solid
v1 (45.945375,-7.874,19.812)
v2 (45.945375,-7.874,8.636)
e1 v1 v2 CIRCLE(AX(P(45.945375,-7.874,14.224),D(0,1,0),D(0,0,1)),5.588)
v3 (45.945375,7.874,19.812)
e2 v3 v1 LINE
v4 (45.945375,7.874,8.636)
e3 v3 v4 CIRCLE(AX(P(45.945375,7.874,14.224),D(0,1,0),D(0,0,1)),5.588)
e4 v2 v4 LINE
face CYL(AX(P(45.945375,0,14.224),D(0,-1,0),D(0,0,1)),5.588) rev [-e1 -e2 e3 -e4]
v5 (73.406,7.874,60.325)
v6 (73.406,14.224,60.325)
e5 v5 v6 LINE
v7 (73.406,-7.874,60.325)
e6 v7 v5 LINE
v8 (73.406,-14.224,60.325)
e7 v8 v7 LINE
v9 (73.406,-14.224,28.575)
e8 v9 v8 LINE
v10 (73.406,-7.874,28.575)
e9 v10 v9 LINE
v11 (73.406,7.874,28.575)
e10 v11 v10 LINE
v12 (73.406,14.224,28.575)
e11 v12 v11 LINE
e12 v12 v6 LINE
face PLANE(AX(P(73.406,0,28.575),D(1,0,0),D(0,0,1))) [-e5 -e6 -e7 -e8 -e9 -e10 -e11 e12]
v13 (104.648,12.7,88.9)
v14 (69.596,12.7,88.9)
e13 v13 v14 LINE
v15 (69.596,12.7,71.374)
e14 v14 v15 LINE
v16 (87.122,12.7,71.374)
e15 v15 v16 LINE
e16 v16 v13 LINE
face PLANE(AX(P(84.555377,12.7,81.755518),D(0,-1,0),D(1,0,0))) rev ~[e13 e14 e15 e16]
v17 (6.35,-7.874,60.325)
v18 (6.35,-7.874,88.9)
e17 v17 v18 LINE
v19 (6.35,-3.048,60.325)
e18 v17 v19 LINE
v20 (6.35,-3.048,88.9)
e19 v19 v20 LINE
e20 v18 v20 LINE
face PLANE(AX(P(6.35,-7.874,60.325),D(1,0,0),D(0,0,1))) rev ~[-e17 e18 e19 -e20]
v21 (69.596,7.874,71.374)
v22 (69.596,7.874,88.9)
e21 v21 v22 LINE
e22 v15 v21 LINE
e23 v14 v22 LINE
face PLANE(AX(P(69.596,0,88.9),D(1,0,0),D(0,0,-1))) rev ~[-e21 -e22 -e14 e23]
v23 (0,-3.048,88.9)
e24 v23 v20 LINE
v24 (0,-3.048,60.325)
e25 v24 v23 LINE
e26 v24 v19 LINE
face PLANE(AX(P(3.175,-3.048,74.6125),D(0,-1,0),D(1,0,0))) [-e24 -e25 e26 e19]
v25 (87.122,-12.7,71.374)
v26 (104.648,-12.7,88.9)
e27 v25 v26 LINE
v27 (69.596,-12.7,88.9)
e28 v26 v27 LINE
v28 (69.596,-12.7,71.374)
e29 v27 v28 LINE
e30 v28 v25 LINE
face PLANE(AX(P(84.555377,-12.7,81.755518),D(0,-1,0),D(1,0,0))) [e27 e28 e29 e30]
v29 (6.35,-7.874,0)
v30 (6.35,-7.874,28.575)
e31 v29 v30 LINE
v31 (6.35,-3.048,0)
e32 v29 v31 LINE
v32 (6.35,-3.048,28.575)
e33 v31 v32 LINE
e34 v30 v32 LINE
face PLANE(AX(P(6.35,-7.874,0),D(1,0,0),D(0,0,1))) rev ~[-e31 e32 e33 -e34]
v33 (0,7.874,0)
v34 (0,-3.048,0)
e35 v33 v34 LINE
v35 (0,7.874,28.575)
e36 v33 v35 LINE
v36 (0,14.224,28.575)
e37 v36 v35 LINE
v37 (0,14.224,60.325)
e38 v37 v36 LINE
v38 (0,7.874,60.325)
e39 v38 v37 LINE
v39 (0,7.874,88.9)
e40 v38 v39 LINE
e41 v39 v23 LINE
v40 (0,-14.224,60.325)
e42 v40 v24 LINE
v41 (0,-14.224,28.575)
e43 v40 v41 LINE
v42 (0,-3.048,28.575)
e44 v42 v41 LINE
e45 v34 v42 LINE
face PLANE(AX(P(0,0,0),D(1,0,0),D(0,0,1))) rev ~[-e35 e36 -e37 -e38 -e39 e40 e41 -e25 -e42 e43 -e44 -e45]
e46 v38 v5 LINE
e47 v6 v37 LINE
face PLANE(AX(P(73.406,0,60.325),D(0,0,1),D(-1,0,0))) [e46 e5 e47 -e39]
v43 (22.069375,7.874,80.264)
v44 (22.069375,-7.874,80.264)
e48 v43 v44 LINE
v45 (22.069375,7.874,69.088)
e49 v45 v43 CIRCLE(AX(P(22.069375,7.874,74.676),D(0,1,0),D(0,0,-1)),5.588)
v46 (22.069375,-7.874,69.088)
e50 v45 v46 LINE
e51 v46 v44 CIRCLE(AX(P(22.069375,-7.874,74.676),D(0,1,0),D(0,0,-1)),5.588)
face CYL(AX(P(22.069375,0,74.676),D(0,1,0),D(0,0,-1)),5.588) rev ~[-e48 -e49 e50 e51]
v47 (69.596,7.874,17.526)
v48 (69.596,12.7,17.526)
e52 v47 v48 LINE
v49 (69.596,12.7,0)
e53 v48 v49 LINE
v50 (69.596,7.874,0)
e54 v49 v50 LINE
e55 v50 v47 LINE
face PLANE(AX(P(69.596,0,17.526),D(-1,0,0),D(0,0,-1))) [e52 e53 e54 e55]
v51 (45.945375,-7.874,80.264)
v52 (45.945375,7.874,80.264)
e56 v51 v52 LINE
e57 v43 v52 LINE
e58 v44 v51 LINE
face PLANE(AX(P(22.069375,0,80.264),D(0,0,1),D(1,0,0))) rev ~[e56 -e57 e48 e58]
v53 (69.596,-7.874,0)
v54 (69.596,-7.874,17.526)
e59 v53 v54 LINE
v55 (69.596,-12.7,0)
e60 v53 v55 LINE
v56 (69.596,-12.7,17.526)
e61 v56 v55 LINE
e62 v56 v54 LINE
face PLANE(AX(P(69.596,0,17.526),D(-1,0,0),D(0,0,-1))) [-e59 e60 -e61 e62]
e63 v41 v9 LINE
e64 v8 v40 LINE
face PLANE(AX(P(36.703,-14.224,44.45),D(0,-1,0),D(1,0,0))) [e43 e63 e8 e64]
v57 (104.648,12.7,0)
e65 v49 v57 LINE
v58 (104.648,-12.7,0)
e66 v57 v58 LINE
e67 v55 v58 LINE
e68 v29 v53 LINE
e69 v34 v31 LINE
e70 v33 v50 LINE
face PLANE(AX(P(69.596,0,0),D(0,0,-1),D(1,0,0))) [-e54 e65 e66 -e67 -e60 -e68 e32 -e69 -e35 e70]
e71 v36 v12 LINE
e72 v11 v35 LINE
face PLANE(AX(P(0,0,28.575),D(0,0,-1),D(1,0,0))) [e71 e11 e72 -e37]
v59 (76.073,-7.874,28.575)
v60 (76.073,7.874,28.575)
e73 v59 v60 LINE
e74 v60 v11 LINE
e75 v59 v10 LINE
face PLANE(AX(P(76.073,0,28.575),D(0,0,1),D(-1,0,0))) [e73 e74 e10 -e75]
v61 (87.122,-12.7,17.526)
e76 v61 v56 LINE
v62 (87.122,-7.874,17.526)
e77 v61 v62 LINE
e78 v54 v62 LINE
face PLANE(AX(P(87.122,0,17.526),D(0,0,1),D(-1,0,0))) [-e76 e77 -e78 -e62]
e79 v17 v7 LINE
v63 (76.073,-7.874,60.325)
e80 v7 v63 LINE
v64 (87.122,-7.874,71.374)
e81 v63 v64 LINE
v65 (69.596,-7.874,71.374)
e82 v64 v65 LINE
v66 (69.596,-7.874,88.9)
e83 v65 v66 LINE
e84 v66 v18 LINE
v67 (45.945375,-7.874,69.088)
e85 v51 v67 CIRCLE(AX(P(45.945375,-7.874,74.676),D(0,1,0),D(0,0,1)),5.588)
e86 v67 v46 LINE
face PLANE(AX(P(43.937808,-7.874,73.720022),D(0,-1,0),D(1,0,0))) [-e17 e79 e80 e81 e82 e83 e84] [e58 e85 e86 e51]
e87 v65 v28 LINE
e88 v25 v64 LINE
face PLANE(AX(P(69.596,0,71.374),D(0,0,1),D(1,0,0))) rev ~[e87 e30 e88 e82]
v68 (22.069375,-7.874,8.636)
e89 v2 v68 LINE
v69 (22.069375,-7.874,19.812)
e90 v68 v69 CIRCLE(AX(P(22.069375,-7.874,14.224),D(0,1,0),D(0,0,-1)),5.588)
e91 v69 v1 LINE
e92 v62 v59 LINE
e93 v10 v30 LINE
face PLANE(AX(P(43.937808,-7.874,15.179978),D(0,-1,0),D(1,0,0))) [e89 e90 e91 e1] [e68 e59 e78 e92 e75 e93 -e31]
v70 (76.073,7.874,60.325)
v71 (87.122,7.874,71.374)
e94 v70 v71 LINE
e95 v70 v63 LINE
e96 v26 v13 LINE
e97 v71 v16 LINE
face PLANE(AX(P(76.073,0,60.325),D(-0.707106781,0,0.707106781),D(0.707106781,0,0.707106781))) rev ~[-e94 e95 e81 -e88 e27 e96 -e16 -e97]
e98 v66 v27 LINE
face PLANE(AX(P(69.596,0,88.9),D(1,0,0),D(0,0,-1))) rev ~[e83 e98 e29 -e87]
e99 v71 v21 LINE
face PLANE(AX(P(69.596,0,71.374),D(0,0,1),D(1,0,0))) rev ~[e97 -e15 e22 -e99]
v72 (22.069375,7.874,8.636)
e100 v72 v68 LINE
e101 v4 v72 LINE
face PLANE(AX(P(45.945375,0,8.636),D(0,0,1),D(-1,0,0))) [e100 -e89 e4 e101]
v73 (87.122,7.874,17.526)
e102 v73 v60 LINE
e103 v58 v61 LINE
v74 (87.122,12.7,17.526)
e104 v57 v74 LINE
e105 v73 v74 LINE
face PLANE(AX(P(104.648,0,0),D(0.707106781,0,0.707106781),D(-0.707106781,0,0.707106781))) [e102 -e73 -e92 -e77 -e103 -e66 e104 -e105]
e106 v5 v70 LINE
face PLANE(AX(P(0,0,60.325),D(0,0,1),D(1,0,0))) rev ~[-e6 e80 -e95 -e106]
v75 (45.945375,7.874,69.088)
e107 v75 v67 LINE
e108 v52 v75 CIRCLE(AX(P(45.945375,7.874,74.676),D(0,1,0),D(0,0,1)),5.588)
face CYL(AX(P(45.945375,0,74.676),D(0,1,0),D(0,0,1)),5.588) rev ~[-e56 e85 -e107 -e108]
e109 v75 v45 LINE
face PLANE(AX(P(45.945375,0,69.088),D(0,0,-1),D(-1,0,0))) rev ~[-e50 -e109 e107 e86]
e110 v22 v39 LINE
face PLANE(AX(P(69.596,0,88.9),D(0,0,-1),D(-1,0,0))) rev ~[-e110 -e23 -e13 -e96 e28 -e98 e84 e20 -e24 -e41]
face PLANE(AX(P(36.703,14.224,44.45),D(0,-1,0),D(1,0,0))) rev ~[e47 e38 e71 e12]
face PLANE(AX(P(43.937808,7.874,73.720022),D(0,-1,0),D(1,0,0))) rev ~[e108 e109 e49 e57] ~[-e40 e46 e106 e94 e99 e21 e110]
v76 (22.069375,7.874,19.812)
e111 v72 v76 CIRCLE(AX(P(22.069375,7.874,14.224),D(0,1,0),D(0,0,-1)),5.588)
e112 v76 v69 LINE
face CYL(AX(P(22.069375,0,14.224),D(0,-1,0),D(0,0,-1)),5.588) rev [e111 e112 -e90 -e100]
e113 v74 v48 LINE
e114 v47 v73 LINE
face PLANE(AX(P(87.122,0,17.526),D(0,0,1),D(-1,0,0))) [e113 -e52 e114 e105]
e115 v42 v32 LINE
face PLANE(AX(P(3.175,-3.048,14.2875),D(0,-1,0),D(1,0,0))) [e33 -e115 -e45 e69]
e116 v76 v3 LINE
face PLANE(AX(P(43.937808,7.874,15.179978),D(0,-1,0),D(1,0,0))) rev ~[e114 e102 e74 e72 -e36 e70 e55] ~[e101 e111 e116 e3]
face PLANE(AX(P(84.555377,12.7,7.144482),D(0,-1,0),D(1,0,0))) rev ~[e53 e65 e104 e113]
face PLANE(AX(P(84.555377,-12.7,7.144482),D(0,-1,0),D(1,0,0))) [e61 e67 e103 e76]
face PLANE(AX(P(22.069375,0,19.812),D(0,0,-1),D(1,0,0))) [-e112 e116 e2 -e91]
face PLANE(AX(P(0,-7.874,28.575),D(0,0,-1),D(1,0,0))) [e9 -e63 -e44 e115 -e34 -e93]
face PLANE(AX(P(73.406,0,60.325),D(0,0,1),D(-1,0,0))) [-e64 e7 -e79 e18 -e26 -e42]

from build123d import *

# Parameters (mm, degrees)
F1_DEPTH = 14.224
F0_W     = 6.35
F0_H     = 28.575
F2_DEPTH = 7.874
F3_DEPTH = 12.7
F4_W     = 6.35
F4_H     = 28.575
F5_DEPTH = 4.826


with BuildPart() as f1:
    # F0 (on Front) → F1 (new body, symmetric)
    with BuildSketch(Plane.XZ):
        Polygon((0, 60.325), (0, 28.575), (6.35, 28.575), (73.406, 28.575), (73.406, 60.325), (6.35, 60.325), align=None)
    extrude(amount=F1_DEPTH, both=True)

    # F0 (on Front) → F2 (join, symmetric)
    with BuildSketch(Plane.XZ):
        Polygon((6.35, 88.9), (6.35, 60.325), (73.406, 60.325), (76.073, 60.325), (87.122, 71.374), (69.596, 71.374), (69.596, 88.9), align=None)
        with BuildLine():
            Line((45.945375, 69.088), (22.069375, 69.088))
            ThreePointArc((22.069375, 69.088), (16.481375, 74.676), (22.069375, 80.264))
            Line((22.069375, 80.264), (45.945375, 80.264))
            ThreePointArc((45.945375, 80.264), (51.533375, 74.676), (45.945375, 69.088))
        make_face(mode=Mode.SUBTRACT)
        Polygon((6.35, 28.575), (6.35, 0), (69.596, 0), (69.596, 17.526), (87.122, 17.526), (76.073, 28.575), (73.406, 28.575), align=None)
        with BuildLine():
            ThreePointArc((22.069375, 8.636), (16.481375, 14.224), (22.069375, 19.812))
            Line((22.069375, 19.812), (45.945375, 19.812))
            ThreePointArc((45.945375, 19.812), (51.533375, 14.224), (45.945375, 8.636))
            Line((45.945375, 8.636), (22.069375, 8.636))
        make_face(mode=Mode.SUBTRACT)
        with Locations((3.175, 74.6125)):
            Rectangle(F0_W, F0_H)
        with Locations((3.175, 14.2875)):
            Rectangle(F0_W, F0_H)
    extrude(amount=F2_DEPTH, both=True)

    # F0 (on Front) → F3 (join, symmetric)
    with BuildSketch(Plane.XZ):
        Polygon((104.648, 88.9), (69.596, 88.9), (69.596, 71.374), (87.122, 71.374), align=None)
        Polygon((69.596, 17.526), (69.596, 0), (104.648, 0), (87.122, 17.526), align=None)
    extrude(amount=F3_DEPTH, both=True)

    # F4 (on face) → F5 (cut)
    with BuildSketch(Plane.XZ.offset(7.874)):
        with Locations((3.175, 74.6125)):
            Rectangle(F4_W, F4_H)
        with Locations((3.175, 14.2875)):
            Rectangle(F4_W, F4_H)
    extrude(amount=-F5_DEPTH, mode=Mode.SUBTRACT)


solid = f1.part
